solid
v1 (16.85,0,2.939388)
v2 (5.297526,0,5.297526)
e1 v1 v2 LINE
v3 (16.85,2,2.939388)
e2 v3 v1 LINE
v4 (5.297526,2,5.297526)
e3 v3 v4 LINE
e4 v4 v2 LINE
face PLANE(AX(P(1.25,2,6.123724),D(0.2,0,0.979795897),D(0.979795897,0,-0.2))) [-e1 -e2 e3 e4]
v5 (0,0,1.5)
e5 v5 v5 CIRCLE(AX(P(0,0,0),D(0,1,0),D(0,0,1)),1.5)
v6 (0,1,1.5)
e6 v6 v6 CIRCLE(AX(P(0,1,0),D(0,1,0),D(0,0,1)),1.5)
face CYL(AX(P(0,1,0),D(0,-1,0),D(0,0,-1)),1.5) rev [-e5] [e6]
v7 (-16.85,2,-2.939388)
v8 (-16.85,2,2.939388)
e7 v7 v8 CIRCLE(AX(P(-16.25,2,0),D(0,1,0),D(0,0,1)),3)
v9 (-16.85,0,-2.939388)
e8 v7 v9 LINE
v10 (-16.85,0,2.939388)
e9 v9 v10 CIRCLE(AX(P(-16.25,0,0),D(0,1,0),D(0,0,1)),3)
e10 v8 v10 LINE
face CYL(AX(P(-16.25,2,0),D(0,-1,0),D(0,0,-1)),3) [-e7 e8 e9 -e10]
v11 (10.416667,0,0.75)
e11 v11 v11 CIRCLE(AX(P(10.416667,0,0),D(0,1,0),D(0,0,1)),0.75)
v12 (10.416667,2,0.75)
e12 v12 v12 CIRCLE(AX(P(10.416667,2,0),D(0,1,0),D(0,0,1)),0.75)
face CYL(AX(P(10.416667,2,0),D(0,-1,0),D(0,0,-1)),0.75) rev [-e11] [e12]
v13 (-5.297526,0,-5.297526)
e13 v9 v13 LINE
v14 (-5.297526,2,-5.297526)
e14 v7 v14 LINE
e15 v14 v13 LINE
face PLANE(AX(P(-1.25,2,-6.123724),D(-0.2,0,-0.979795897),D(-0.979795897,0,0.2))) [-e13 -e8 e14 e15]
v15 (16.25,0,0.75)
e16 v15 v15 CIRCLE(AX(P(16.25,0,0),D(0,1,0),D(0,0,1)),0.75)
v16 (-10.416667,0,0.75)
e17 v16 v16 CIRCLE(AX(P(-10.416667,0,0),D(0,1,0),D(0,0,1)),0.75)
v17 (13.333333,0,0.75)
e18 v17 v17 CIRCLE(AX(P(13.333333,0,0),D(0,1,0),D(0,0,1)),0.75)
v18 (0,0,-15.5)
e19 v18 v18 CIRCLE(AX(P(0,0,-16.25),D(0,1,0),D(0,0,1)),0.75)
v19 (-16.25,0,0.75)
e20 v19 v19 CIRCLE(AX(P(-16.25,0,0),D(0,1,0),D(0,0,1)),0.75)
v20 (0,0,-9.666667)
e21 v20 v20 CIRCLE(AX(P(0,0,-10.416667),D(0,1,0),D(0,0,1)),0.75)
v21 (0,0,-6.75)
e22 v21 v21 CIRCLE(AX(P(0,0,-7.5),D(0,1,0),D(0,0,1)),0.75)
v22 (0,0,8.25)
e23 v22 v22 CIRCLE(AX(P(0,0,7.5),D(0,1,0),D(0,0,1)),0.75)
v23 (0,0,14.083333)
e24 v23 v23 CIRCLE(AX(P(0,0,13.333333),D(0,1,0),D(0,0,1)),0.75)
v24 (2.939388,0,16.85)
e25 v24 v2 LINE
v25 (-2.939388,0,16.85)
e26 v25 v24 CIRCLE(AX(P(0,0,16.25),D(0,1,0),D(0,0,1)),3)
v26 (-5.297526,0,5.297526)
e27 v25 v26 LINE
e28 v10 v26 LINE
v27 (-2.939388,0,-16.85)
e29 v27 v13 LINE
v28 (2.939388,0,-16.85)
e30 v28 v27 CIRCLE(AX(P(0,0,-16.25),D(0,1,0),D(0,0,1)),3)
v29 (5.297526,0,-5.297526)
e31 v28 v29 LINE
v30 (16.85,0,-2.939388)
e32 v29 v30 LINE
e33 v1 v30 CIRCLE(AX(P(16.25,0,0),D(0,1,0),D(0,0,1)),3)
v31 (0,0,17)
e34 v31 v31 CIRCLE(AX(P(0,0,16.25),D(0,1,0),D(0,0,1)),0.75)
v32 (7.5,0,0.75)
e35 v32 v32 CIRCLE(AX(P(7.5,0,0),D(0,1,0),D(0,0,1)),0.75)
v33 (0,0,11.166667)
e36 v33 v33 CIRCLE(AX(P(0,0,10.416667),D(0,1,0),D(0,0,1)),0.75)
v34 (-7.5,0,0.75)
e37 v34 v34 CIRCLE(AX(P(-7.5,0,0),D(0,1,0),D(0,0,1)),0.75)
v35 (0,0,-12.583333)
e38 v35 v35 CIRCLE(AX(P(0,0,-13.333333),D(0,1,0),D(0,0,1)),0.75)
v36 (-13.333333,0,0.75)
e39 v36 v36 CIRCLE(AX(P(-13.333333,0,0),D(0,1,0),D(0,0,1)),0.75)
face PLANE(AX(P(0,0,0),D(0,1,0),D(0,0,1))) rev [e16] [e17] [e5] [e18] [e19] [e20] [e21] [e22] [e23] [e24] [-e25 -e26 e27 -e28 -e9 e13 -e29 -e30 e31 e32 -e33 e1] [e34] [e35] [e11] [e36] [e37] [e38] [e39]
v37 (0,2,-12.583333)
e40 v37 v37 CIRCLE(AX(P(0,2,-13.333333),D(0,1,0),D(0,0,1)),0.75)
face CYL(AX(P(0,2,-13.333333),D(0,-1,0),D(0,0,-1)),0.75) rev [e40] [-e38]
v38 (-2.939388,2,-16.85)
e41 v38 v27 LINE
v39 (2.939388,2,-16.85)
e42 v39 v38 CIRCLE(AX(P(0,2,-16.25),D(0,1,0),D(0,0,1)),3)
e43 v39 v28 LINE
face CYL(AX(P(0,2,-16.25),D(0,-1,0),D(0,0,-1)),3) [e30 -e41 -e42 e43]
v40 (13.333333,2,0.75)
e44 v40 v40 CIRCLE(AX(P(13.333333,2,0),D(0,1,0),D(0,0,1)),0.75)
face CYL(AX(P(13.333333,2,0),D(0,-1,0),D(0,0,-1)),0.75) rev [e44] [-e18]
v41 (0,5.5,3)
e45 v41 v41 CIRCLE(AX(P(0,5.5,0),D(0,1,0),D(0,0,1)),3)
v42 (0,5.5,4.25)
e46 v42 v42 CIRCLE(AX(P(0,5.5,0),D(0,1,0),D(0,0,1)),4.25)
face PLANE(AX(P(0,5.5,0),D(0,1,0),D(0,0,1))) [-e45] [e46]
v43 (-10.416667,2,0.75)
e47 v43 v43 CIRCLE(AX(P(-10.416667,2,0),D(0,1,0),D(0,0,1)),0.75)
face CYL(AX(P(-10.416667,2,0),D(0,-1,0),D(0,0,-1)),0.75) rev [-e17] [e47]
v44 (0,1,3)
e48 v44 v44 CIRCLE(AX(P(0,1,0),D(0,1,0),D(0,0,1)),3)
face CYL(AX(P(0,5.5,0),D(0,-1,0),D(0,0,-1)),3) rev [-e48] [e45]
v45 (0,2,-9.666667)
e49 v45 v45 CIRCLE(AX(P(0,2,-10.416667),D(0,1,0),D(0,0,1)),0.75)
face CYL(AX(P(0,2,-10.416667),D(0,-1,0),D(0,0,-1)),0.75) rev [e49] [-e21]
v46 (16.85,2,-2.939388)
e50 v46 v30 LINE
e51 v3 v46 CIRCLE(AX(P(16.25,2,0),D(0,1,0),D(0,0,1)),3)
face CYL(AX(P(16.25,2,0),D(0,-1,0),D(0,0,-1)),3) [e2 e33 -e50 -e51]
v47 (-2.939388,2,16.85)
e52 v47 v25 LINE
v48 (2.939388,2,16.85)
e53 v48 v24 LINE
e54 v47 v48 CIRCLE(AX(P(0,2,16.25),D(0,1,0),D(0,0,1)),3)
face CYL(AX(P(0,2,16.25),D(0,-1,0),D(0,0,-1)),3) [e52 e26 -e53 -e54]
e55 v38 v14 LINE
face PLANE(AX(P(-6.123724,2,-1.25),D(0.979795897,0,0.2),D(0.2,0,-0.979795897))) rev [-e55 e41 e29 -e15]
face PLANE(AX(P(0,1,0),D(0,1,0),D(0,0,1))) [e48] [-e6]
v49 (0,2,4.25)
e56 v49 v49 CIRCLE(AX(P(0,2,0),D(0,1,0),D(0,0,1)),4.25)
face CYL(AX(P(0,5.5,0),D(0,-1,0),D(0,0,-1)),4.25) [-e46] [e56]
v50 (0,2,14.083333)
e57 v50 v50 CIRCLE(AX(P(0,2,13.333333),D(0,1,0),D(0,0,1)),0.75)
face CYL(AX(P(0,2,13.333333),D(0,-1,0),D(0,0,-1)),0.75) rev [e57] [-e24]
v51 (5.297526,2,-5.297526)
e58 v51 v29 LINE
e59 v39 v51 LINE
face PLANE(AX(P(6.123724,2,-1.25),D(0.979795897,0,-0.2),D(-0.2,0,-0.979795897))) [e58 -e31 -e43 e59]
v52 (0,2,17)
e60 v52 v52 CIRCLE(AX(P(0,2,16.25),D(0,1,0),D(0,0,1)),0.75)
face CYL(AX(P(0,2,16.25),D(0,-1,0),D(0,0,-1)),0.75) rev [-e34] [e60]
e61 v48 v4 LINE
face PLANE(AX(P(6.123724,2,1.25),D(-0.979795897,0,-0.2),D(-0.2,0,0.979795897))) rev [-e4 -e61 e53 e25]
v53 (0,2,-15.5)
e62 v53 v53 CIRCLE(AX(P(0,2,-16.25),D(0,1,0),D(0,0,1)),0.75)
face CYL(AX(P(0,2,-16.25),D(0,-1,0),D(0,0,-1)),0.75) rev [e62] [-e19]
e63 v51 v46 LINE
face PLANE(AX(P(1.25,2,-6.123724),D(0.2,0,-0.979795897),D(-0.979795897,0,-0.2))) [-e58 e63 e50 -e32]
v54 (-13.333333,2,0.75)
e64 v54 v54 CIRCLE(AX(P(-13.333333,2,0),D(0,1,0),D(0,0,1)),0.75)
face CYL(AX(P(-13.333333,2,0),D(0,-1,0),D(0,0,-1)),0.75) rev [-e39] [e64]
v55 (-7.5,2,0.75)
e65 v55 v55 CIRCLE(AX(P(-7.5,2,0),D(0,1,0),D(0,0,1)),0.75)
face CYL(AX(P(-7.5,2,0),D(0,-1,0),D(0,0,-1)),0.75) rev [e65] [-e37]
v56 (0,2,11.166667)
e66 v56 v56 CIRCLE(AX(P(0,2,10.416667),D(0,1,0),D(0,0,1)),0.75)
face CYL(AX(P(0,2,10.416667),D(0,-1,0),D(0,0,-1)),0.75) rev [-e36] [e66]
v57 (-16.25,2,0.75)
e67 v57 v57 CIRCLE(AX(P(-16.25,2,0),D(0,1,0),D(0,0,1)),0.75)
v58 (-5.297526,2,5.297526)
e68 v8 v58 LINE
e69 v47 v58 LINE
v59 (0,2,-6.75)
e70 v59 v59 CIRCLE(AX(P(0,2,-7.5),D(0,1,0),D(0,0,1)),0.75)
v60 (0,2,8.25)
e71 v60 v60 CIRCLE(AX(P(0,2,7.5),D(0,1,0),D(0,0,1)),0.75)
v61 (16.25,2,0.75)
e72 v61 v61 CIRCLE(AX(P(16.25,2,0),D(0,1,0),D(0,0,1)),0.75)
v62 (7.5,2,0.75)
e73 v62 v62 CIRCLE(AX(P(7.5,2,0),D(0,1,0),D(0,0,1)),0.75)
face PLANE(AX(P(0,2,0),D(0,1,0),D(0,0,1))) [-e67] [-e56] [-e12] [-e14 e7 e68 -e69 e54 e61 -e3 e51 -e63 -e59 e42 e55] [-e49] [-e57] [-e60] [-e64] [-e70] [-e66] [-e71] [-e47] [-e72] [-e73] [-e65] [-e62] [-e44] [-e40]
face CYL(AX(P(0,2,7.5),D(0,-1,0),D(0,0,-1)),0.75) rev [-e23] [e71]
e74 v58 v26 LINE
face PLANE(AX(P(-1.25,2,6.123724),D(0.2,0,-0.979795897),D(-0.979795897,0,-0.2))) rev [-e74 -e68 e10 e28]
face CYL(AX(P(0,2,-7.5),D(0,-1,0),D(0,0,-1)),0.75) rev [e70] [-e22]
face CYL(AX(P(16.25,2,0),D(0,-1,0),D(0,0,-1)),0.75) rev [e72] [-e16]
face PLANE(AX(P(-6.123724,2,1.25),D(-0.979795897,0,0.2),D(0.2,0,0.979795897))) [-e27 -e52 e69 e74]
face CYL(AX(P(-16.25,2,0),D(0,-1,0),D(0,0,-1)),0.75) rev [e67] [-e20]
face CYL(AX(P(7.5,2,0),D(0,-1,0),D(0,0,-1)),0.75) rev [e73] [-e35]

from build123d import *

# Parameters (mm, degrees)
SKETCH_1_R      = 0.75
SKETCH_1_R_2    = 4.25
EXTRUDE_1_DEPTH = 2
SKETCH_1_3_R    = 3
SKETCH_1_3_R_2  = 1.5
EXTRUDE_2_DEPTH = 1
SKETCH_1_4_R    = 4.25
SKETCH_1_4_R_2  = 3
EXTRUDE_3_DEPTH = 5.5


with BuildPart() as part:
    # Эскиз1 → Бобышка-Вытянуть1 (new body)
    with BuildSketch(Plane(origin=(0, 0, 0), x_dir=(1, 0, 0), z_dir=(0, 1, 0))):
        with BuildLine():
            ThreePointArc((-16.85, 2.939387691), (-19.25, 0), (-16.85, -2.939387691))
            Line((-16.85, -2.939387691), (-5.297526475, -5.297526475))
            Line((-5.297526475, -5.297526475), (-2.939387691, -16.85))
            ThreePointArc((-2.939387691, -16.85), (0, -19.25), (2.939387691, -16.85))
            Line((2.939387691, -16.85), (5.297526475, -5.297526475))
            Line((5.297526475, -5.297526475), (16.85, -2.939387691))
            ThreePointArc((16.85, -2.939387691), (19.25, 0), (16.85, 2.939387691))
            Line((16.85, 2.939387691), (5.297526475, 5.297526475))
            Line((5.297526475, 5.297526475), (2.939387691, 16.85))
            ThreePointArc((2.939387691, 16.85), (0, 19.25), (-2.939387691, 16.85))
            Line((-2.939387691, 16.85), (-5.297526475, 5.297526475))
            Line((-5.297526475, 5.297526475), (-16.85, 2.939387691))
        make_face()
        with BuildLine():
            ThreePointArc((-14.083333333, 0), (-13.333333333, 0.75), (-12.583333333, 0))
            ThreePointArc((-12.583333333, 0), (-13.333333333, -0.75), (-14.083333333, 0))
        make_face(mode=Mode.SUBTRACT)
        with Locations((-16.25, 0)):
            Circle(SKETCH_1_R, mode=Mode.SUBTRACT)
        with BuildLine():
            ThreePointArc((-9.666666667, 0), (-10.416666667, -0.75), (-11.166666667, 0))
            ThreePointArc((-11.166666667, 0), (-10.416666667, 0.75), (-9.666666667, 0))
        make_face(mode=Mode.SUBTRACT)
        with Locations((-7.5, 0)):
            Circle(SKETCH_1_R, mode=Mode.SUBTRACT)
        Circle(SKETCH_1_R_2, mode=Mode.SUBTRACT)
        with BuildLine():
            ThreePointArc((0, 12.583333333), (-0.75, 13.333333333), (0, 14.083333333))
            ThreePointArc((0, 14.083333333), (0.75, 13.333333333), (0, 12.583333333))
        make_face(mode=Mode.SUBTRACT)
        with Locations((0, 7.5)):
            Circle(SKETCH_1_R, mode=Mode.SUBTRACT)
        with BuildLine():
            ThreePointArc((0, 9.666666667), (-0.75, 10.416666667), (0, 11.166666667))
            ThreePointArc((0, 11.166666667), (0.75, 10.416666667), (0, 9.666666667))
        make_face(mode=Mode.SUBTRACT)
        with Locations((13.333333333, 0)):
            Circle(SKETCH_1_R, mode=Mode.SUBTRACT)
        with Locations((7.5, 0)):
            Circle(SKETCH_1_R, mode=Mode.SUBTRACT)
        with Locations((10.416666667, 0)):
            Circle(SKETCH_1_R, mode=Mode.SUBTRACT)
        with Locations((0, -10.416666667)):
            Circle(SKETCH_1_R, mode=Mode.SUBTRACT)
        with Locations((0, -7.5)):
            Circle(SKETCH_1_R, mode=Mode.SUBTRACT)
        with Locations((0, -13.333333333)):
            Circle(SKETCH_1_R, mode=Mode.SUBTRACT)
        with Locations((0, 16.25)):
            Circle(SKETCH_1_R, mode=Mode.SUBTRACT)
        with Locations((16.25, 0)):
            Circle(SKETCH_1_R, mode=Mode.SUBTRACT)
        with Locations((0, -16.25)):
            Circle(SKETCH_1_R, mode=Mode.SUBTRACT)
    extrude(amount=EXTRUDE_1_DEPTH)



with BuildPart() as body_2:
    # Эскиз1<3> → Бобышка-Вытянуть2 (new body)
    with BuildSketch(Plane(origin=(0, 0, 0), x_dir=(1, 0, 0), z_dir=(0, 1, 0))):
        Circle(SKETCH_1_3_R)
        Circle(SKETCH_1_3_R_2, mode=Mode.SUBTRACT)
    extrude(amount=EXTRUDE_2_DEPTH)


with BuildPart() as part_1:
    add(part.part)

    add(body_2.part)  # Бобышка-Вытянуть3 merges body 2
    # Эскиз1<4> → Бобышка-Вытянуть3 (add)
    with BuildSketch(Plane(origin=(0, 0, 0), x_dir=(1, 0, 0), z_dir=(0, 1, 0))):
        Circle(SKETCH_1_4_R)
        Circle(SKETCH_1_4_R_2, mode=Mode.SUBTRACT)
    extrude(amount=EXTRUDE_3_DEPTH)


solid = part_1.part
